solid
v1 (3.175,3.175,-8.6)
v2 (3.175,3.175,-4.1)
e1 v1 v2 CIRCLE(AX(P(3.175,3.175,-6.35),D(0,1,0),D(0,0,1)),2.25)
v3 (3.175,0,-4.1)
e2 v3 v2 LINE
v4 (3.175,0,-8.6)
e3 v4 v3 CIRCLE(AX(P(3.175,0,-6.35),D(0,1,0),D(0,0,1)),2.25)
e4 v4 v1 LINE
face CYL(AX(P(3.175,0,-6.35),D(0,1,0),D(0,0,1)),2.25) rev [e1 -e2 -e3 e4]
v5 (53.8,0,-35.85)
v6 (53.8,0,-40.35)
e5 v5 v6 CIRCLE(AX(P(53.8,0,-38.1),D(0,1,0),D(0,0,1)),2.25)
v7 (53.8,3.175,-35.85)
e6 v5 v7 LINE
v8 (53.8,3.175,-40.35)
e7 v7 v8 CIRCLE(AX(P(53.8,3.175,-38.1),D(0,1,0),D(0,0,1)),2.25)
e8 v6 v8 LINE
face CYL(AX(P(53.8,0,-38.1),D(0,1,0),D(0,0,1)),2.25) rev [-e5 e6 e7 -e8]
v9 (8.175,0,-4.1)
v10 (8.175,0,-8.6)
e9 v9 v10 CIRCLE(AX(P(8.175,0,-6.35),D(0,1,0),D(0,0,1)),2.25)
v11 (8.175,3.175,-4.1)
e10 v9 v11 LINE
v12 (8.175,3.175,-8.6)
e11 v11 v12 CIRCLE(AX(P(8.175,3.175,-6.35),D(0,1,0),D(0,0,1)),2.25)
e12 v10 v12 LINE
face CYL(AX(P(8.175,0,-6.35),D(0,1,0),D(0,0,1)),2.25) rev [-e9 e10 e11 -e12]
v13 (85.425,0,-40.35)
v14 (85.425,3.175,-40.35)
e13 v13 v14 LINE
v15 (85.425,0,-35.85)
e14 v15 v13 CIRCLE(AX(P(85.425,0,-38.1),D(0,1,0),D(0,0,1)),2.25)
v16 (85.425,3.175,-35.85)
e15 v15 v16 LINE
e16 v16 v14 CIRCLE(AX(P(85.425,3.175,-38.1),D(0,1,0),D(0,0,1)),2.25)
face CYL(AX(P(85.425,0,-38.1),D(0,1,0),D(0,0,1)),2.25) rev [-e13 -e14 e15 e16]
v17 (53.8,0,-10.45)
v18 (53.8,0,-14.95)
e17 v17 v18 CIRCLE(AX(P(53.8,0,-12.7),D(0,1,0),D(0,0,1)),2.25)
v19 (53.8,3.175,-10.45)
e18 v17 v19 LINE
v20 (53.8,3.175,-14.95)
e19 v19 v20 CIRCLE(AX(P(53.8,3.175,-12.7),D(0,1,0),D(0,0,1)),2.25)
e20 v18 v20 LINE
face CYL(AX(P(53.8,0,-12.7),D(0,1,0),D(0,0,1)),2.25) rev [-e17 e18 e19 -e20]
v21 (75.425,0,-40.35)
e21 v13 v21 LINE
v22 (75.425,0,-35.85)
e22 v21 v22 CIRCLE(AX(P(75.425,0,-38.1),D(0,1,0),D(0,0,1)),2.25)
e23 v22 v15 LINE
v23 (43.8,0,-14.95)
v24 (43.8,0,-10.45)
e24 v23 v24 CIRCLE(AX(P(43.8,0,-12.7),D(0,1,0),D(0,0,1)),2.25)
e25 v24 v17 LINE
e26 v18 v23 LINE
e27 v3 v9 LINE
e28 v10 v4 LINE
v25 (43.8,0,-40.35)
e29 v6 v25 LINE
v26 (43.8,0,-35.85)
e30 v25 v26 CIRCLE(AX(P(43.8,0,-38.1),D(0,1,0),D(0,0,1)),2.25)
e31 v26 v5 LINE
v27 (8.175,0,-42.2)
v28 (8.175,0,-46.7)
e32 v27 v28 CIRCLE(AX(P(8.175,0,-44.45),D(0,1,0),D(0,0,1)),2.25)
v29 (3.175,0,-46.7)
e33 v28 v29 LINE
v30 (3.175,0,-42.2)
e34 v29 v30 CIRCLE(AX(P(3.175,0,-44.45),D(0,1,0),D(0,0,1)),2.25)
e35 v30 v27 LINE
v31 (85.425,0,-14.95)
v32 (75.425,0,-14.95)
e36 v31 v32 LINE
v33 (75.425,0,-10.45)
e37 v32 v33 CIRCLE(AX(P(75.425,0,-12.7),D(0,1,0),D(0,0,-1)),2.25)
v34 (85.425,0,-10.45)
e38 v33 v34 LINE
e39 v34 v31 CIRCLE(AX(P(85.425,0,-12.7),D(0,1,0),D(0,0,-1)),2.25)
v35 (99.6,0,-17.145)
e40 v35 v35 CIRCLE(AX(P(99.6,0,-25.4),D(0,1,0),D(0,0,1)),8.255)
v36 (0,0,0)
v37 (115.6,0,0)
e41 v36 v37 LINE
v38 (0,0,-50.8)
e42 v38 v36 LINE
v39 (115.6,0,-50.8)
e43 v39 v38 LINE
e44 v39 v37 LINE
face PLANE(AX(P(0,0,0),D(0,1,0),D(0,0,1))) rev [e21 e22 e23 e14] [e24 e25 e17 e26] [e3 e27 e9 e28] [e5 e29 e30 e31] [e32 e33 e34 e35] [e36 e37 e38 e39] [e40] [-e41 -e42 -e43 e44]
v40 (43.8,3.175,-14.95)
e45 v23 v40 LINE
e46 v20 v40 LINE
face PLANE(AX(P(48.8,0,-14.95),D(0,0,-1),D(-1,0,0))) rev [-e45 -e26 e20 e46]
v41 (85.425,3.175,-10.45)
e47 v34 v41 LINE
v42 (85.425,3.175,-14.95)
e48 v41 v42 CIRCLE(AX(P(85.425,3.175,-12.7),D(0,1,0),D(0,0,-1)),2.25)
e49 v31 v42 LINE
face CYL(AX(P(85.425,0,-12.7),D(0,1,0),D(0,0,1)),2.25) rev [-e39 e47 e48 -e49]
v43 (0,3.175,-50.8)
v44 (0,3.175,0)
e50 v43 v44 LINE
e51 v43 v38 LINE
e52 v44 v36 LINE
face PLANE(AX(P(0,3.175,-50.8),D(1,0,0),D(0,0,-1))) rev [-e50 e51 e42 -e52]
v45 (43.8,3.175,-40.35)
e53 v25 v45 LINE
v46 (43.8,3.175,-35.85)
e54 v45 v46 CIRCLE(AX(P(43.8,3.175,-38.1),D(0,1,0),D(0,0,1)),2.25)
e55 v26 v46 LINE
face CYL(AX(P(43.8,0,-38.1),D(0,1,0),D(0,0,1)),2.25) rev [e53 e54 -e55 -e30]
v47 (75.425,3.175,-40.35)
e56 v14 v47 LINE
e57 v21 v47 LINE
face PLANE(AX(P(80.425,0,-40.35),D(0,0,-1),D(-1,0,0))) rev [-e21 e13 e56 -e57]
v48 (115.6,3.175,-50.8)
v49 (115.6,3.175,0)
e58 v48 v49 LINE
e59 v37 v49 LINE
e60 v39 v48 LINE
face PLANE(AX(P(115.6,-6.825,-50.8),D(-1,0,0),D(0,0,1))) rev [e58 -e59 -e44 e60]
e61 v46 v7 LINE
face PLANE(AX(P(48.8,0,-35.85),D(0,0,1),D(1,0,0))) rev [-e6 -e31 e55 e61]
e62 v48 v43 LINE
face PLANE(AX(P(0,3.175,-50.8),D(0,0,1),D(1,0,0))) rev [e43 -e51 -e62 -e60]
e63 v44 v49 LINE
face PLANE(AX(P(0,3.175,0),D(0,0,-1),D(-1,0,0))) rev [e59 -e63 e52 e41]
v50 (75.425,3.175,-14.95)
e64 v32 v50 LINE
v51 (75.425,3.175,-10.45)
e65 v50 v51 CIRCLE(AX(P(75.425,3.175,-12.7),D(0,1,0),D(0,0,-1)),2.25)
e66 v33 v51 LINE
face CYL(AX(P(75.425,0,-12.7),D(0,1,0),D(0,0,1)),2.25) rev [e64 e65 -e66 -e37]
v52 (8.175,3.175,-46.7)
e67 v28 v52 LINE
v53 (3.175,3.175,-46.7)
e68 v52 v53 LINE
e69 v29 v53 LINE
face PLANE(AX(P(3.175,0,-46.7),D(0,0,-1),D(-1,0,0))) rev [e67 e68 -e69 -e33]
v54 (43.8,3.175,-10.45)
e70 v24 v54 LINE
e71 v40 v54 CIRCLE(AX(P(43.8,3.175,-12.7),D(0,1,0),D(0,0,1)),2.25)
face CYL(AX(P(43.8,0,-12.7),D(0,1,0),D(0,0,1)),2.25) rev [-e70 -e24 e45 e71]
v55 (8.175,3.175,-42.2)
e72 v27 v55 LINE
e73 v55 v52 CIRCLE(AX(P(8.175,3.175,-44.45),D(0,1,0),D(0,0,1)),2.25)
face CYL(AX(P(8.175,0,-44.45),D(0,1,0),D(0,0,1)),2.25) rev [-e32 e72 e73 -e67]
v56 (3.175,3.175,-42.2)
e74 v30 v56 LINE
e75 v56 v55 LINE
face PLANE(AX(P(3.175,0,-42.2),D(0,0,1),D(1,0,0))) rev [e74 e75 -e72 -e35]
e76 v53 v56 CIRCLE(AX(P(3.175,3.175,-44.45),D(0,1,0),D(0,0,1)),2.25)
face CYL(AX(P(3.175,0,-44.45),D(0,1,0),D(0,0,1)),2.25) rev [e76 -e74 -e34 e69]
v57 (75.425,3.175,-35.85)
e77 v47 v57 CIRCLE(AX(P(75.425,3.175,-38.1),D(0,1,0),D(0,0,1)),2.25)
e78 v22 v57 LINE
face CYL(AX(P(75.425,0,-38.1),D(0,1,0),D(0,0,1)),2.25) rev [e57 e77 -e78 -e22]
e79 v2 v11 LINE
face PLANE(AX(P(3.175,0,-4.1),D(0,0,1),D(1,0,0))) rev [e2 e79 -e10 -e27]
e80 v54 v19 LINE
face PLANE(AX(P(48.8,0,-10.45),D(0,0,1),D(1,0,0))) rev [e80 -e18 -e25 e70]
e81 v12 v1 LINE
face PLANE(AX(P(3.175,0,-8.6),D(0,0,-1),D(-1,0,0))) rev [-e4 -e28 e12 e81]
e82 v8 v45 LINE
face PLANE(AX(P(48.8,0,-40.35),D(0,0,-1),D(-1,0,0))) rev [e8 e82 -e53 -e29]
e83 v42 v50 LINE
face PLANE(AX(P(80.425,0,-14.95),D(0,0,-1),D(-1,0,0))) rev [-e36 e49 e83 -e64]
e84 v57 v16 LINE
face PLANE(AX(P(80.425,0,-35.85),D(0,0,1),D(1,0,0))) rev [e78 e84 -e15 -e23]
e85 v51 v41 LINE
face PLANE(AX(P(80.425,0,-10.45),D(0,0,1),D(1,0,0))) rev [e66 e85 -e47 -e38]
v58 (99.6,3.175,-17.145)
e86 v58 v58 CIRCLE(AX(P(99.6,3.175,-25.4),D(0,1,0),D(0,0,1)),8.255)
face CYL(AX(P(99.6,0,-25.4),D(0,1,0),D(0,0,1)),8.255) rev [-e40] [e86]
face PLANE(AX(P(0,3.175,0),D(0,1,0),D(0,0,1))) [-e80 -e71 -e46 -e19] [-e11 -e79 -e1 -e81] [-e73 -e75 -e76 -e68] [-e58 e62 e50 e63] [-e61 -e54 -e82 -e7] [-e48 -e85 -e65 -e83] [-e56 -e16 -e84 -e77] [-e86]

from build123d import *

# Parameters (mm, degrees)
SKETCH1_W           = 125
SKETCH1_H           = 50.8
BOSS_EXTRUDE1_DEPTH = 3.175
SKETCH2_R           = 8.255
CUT_EXTRUDE1_DEPTH  = 135.965627569
SKETCH3_W           = 9.4
SKETCH3_H           = 50.8
CUT_EXTRUDE2_DEPTH  = 10


with BuildPart() as part:
    # Sketch1 → Boss-Extrude1 (new body)
    with BuildSketch(Plane(origin=(0, 0, 0), x_dir=(1, 0, 0), z_dir=(0, 1, 0))):
        with Locations((62.5, 25.4)):
            Rectangle(SKETCH1_W, SKETCH1_H)
    extrude(amount=BOSS_EXTRUDE1_DEPTH)

    # Sketch2 → Cut-Extrude1 (cut, through all)
    with BuildSketch(Plane(origin=(0, 3.175, 0), x_dir=(1, 0, 0), z_dir=(0, 1, 0))):
        with Locations(Location((99.6, 25.4, 0), (0, 0, 270))):
            Circle(SKETCH2_R)
        with BuildLine():
            Line((3.175, 42.2), (8.175, 42.2))
            ThreePointArc((8.175, 42.2), (10.425, 44.45), (8.175, 46.7))
            Line((8.175, 46.7), (3.175, 46.7))
            ThreePointArc((3.175, 46.7), (0.925, 44.45), (3.175, 42.2))
        make_face()
        with BuildLine():
            Line((3.175, 4.1), (8.175, 4.1))
            ThreePointArc((8.175, 4.1), (10.425, 6.35), (8.175, 8.6))
            Line((8.175, 8.6), (3.175, 8.6))
            ThreePointArc((3.175, 8.6), (0.925, 6.35), (3.175, 4.1))
        make_face()
        with BuildLine():
            Line((80.425, 40.35), (85.425, 40.35))
            ThreePointArc((85.425, 40.35), (87.675, 38.1), (85.425, 35.85))
            Line((85.425, 35.85), (80.425, 35.85))
            Line((80.425, 35.85), (75.425, 35.85))
            ThreePointArc((75.425, 35.85), (73.175, 38.1), (75.425, 40.35))
            Line((75.425, 40.35), (80.425, 40.35))
        make_face()
        with BuildLine():
            Line((48.8, 35.85), (43.8, 35.85))
            ThreePointArc((43.8, 35.85), (41.55, 38.1), (43.8, 40.35))
            Line((43.8, 40.35), (48.8, 40.35))
            Line((48.8, 40.35), (53.8, 40.35))
            ThreePointArc((53.8, 40.35), (56.05, 38.1), (53.8, 35.85))
            Line((53.8, 35.85), (48.8, 35.85))
        make_face()
        with BuildLine():
            Line((48.8, 10.45), (43.8, 10.45))
            ThreePointArc((43.8, 10.45), (41.55, 12.7), (43.8, 14.95))
            Line((43.8, 14.95), (48.8, 14.95))
            Line((48.8, 14.95), (53.8, 14.95))
            ThreePointArc((53.8, 14.95), (56.05, 12.7), (53.8, 10.45))
            Line((53.8, 10.45), (48.8, 10.45))
        make_face()
        with BuildLine():
            Line((80.425, 10.45), (75.425, 10.45))
            ThreePointArc((75.425, 10.45), (73.175, 12.7), (75.425, 14.95))
            Line((75.425, 14.95), (80.425, 14.95))
            Line((80.425, 14.95), (85.425, 14.95))
            ThreePointArc((85.425, 14.95), (87.675, 12.7), (85.425, 10.45))
            Line((85.425, 10.45), (80.425, 10.45))
        make_face()
    extrude(amount=-CUT_EXTRUDE1_DEPTH, mode=Mode.SUBTRACT)

    # Sketch3 → Cut-Extrude2 (cut)
    with BuildSketch(Plane(origin=(0, 3.175, 0), x_dir=(1, 0, 0), z_dir=(0, 1, 0))):
        with Locations((120.3, 25.4)):
            Rectangle(SKETCH3_W, SKETCH3_H)
    extrude(amount=-CUT_EXTRUDE2_DEPTH, mode=Mode.SUBTRACT)


solid = part.part
